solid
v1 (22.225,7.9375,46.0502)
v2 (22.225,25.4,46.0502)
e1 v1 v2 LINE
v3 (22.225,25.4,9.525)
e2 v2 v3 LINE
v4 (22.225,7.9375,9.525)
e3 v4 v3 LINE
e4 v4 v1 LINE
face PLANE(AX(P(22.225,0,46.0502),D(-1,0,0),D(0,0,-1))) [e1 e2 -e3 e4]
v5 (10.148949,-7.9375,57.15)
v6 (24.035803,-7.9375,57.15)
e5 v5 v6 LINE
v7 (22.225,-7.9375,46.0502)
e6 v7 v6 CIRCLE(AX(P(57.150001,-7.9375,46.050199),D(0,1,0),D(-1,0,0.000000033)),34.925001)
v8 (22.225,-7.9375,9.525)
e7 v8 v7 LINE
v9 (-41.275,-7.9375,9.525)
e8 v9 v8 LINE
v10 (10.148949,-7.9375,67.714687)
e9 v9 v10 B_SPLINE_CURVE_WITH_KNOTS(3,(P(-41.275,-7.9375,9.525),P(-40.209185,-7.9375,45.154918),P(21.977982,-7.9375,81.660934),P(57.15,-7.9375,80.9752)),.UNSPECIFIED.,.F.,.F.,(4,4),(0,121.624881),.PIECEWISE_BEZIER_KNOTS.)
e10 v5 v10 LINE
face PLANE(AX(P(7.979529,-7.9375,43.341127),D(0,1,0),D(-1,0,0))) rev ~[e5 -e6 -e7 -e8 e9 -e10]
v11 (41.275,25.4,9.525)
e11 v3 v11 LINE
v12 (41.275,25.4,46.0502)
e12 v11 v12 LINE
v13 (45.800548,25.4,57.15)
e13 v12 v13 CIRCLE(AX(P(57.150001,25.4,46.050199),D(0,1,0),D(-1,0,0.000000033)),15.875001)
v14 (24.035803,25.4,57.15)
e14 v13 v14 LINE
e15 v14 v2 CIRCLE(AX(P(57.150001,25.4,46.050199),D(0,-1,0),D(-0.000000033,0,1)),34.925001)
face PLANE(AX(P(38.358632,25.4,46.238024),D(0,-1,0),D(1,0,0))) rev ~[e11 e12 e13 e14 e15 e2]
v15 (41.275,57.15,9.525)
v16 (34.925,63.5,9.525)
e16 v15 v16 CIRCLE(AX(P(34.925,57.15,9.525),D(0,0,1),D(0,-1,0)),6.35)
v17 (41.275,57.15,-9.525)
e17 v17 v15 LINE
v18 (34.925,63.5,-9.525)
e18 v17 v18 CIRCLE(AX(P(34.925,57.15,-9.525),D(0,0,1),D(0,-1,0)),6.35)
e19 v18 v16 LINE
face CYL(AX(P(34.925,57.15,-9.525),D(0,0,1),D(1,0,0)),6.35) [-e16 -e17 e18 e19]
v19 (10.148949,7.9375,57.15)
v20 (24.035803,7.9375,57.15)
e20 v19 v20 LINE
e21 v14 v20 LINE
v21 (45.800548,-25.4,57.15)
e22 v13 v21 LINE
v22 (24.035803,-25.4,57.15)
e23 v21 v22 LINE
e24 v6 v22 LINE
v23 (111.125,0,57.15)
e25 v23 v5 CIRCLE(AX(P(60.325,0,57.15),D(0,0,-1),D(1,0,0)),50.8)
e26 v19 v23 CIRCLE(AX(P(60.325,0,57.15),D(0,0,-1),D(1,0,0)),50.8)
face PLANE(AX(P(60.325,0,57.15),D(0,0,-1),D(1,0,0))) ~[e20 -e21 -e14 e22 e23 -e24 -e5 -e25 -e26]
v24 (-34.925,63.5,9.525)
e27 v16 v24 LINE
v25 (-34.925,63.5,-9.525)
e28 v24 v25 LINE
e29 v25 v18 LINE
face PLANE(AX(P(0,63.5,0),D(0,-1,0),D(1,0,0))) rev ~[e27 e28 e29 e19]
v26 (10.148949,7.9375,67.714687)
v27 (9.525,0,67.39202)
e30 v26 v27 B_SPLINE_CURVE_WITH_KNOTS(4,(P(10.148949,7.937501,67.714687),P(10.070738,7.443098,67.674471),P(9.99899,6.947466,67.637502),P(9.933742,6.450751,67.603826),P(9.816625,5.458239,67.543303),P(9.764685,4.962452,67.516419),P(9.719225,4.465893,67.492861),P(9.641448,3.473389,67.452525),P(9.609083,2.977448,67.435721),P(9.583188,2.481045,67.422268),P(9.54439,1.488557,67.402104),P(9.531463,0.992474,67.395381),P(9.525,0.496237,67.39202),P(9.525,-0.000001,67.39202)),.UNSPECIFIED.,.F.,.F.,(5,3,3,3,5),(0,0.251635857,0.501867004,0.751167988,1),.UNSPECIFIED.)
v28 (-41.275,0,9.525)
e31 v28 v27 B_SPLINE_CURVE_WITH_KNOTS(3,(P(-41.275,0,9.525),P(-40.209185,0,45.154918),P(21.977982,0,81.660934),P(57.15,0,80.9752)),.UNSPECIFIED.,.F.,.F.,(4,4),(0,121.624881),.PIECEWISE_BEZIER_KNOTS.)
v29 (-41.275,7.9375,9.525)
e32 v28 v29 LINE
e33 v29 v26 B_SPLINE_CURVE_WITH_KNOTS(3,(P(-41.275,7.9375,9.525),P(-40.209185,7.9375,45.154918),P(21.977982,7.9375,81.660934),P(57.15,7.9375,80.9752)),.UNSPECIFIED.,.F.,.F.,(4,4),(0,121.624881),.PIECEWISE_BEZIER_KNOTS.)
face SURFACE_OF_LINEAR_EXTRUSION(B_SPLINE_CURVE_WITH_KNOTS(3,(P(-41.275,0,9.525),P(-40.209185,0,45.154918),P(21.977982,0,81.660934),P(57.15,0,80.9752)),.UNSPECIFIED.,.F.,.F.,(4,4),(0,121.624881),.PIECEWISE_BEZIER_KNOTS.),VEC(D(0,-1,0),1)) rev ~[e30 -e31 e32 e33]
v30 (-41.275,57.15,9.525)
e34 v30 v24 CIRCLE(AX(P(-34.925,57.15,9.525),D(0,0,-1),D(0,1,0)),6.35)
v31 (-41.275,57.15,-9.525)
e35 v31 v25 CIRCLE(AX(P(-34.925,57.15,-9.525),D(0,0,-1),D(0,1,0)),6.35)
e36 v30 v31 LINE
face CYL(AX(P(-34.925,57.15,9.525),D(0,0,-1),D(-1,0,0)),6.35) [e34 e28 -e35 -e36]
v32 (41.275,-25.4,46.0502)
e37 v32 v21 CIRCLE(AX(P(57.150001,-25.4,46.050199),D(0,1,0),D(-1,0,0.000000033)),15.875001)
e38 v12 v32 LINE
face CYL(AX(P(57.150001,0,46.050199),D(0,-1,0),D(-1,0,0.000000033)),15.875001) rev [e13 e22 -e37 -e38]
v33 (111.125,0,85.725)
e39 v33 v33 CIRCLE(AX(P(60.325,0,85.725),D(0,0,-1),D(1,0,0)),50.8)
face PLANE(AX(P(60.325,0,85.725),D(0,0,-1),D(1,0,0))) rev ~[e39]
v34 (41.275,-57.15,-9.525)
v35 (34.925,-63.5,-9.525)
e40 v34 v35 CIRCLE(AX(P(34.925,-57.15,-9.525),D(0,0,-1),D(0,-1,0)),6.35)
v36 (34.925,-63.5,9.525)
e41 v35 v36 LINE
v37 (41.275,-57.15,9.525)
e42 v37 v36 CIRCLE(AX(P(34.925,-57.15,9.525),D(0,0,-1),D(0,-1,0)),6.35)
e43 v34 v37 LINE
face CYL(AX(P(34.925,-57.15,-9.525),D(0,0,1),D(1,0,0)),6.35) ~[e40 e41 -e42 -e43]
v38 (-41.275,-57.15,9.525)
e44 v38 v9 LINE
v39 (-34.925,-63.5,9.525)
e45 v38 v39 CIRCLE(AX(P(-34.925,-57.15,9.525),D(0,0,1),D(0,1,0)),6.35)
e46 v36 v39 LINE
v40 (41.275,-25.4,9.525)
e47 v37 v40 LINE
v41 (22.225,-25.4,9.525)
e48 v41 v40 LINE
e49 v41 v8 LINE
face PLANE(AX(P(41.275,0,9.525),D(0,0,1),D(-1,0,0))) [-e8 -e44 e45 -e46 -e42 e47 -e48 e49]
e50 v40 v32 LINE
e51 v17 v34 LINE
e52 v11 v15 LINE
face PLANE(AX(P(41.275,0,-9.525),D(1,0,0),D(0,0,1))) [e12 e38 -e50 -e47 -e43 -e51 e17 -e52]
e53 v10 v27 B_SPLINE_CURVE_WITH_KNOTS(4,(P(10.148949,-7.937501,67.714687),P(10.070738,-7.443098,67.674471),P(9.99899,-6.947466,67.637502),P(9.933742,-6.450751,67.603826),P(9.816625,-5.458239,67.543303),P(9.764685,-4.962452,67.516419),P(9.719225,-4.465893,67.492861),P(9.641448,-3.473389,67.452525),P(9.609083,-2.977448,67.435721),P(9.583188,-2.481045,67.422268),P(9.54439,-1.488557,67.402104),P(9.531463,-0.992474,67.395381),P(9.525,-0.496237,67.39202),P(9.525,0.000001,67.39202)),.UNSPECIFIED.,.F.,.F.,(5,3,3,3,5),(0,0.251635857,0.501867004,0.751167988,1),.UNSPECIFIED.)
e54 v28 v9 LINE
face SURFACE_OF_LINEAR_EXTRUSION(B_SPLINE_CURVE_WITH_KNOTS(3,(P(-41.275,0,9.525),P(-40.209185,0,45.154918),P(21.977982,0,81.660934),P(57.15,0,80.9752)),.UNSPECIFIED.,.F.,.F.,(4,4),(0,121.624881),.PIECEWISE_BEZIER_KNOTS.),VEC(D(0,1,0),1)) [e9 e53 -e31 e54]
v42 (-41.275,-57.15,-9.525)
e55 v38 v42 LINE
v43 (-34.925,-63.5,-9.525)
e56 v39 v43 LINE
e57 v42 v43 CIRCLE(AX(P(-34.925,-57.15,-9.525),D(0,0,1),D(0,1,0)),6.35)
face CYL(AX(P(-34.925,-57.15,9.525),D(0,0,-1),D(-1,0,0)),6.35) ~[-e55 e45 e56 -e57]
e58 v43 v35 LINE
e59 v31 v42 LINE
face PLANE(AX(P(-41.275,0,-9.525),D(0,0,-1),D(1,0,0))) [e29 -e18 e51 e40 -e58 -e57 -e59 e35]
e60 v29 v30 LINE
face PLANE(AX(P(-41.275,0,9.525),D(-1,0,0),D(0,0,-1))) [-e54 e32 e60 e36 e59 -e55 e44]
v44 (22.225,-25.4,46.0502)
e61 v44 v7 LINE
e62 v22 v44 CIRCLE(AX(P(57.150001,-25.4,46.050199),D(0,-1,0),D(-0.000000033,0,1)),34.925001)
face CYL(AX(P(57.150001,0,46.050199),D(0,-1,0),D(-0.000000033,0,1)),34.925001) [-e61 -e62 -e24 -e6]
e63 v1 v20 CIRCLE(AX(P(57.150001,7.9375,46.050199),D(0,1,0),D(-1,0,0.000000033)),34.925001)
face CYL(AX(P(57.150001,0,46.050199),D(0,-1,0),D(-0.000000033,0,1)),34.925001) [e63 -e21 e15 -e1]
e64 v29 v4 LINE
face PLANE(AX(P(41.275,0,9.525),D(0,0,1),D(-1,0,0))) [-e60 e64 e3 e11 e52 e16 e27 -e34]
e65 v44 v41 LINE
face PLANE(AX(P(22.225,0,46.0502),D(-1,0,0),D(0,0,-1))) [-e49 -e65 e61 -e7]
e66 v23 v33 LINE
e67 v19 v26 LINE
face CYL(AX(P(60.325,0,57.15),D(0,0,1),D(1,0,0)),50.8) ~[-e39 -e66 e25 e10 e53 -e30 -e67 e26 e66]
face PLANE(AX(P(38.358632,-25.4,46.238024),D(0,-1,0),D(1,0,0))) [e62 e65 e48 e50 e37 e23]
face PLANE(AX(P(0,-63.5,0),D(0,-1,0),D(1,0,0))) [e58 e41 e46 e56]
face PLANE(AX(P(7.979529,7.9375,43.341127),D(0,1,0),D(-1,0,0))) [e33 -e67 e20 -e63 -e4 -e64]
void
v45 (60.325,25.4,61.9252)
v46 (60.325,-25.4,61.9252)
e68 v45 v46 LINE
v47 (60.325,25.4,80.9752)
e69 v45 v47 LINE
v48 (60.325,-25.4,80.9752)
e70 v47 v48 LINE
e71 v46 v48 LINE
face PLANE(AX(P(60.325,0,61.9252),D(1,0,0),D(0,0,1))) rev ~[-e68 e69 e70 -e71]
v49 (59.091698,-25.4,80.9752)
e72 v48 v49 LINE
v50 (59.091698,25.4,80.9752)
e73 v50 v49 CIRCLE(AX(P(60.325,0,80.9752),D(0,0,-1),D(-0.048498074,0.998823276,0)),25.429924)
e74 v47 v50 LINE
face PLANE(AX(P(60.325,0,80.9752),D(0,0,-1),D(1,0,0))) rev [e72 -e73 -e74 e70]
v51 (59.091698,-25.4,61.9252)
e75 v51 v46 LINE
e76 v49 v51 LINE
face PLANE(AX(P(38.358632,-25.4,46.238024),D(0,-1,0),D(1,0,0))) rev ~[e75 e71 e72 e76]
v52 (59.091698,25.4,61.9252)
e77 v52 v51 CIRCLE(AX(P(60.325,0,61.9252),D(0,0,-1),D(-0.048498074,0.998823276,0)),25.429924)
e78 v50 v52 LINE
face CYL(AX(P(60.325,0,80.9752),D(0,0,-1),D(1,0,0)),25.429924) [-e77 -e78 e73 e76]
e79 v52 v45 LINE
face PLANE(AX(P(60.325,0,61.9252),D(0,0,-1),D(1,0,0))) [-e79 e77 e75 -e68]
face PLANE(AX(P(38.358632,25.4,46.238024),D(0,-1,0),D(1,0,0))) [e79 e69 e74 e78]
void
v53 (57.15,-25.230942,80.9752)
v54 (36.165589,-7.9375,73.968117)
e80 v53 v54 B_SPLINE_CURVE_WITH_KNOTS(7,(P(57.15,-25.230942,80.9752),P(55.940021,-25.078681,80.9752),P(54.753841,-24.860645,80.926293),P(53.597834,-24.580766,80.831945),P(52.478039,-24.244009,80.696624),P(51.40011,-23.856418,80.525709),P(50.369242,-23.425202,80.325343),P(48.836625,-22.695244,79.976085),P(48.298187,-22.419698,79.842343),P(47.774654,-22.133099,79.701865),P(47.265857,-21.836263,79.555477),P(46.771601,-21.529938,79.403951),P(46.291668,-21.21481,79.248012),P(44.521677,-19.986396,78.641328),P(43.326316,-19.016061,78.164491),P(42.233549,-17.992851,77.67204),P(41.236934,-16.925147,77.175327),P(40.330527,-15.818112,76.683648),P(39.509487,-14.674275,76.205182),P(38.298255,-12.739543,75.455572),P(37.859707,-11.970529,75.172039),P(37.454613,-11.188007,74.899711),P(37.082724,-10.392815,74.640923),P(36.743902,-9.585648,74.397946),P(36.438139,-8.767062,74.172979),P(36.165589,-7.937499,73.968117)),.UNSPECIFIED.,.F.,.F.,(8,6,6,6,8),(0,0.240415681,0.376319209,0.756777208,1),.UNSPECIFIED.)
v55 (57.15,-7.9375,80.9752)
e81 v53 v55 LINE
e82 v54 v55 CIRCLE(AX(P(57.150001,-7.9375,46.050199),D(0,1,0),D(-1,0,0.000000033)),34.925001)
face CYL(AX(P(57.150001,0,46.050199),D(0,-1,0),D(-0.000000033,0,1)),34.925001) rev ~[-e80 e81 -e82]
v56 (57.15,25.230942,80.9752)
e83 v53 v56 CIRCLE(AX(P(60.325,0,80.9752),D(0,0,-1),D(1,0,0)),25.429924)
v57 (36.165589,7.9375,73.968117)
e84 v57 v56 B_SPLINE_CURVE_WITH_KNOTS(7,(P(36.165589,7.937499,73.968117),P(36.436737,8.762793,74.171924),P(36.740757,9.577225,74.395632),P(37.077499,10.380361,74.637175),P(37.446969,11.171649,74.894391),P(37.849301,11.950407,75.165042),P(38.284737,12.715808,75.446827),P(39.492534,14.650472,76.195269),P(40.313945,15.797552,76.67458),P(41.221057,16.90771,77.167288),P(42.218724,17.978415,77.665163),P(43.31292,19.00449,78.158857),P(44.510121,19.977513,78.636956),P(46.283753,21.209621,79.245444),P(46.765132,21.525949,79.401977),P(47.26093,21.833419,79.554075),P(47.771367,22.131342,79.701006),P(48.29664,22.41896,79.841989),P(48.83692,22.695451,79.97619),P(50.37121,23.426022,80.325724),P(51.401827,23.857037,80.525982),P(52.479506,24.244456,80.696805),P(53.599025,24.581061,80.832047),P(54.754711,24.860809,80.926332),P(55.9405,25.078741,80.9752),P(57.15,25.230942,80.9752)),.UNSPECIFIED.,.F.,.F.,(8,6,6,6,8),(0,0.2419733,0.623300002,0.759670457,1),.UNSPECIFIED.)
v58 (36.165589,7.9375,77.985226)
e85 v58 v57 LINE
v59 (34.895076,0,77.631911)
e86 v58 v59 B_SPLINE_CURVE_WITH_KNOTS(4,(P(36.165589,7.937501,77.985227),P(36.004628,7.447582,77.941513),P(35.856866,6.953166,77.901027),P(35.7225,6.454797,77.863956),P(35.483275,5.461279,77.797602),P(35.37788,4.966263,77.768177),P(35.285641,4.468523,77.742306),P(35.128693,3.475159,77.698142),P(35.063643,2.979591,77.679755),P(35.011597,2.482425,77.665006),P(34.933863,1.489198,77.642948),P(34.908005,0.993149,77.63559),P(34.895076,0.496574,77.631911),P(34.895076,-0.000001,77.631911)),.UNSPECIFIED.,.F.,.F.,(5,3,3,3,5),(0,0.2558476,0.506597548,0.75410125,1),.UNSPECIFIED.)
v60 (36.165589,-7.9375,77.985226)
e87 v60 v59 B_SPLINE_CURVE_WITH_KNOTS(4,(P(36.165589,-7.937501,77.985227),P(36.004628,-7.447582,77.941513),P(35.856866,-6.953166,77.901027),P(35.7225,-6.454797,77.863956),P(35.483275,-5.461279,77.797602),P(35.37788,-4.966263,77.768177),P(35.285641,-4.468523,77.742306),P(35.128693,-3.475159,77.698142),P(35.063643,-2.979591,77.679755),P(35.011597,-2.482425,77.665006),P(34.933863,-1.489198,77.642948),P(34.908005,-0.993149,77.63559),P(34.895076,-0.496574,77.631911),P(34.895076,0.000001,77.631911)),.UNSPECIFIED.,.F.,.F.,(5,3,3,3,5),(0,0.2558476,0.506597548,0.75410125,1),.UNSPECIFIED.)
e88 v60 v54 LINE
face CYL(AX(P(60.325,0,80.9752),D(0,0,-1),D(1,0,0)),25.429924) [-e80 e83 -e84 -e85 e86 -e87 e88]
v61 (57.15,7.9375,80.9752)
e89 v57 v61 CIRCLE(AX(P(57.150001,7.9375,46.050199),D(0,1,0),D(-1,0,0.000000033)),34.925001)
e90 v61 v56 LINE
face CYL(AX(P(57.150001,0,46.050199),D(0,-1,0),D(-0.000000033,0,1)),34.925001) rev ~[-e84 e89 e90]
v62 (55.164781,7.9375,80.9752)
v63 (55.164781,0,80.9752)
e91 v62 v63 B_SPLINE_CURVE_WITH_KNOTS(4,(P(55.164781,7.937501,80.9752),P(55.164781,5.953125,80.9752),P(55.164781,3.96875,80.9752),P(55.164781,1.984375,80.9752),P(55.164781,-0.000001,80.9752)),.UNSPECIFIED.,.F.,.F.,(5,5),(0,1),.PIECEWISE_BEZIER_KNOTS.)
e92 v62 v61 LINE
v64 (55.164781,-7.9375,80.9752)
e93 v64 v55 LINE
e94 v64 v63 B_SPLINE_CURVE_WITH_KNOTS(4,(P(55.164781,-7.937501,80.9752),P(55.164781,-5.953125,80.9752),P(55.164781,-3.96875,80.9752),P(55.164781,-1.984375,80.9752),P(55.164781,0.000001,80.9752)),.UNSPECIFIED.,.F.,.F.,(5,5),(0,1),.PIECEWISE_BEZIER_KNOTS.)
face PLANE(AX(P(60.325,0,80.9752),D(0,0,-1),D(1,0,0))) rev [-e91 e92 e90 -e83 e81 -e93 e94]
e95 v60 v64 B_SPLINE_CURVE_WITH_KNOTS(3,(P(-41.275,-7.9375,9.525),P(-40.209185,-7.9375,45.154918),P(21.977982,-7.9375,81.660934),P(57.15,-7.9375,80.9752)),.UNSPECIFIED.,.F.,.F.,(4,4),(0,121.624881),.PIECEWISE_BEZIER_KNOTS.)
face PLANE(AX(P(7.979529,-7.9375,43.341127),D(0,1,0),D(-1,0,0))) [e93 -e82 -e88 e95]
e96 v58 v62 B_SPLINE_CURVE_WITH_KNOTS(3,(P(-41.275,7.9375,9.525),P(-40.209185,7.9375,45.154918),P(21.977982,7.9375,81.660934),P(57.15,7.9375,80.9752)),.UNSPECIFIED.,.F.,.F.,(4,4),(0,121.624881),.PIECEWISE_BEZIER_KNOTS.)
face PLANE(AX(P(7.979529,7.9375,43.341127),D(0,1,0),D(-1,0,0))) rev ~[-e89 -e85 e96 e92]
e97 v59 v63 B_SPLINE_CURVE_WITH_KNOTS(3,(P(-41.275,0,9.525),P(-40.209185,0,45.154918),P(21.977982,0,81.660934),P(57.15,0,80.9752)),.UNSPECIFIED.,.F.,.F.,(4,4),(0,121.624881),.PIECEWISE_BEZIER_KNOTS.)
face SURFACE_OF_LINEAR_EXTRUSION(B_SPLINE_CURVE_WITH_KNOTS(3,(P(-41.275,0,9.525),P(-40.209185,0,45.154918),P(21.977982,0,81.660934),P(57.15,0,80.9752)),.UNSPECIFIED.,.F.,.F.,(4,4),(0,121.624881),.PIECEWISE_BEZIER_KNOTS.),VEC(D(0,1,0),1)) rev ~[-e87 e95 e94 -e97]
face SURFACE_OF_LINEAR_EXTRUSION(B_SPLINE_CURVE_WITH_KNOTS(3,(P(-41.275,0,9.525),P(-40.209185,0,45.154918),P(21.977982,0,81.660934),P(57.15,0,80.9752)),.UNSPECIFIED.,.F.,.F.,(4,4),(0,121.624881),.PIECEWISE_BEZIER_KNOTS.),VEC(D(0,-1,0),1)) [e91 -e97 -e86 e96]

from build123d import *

# Parameters (mm, degrees)
F1_DEPTH = 63.5
F2_DEPTH = 7.9375
F3_DEPTH = 25.4
F5_R     = 6.35


with BuildPart() as f1:
    # F0 (on Front) → F1 (new body, symmetric)
    with BuildSketch(Plane.XZ):
        Polygon((-41.275, 9.525), (-41.275, -9.525), (41.275, -9.525), (41.275, 9.525), (22.225, 9.525), align=None)
    extrude(amount=F1_DEPTH, both=True)

    # F0 (on Front) → F2 (join, symmetric)
    with BuildSketch(Plane.XZ):
        with BuildLine():
            add(Edge.make_bspline(
                [(-41.275, 9.525), (-40.209185, 45.154918), (21.977982, 81.660934), (57.15, 80.9752)],
                knots=[0, 0, 0, 0, 121.624881, 121.624881, 121.624881, 121.624881], degree=3))
            Line((-41.275, 9.525), (22.225, 9.525))
            Line((22.225, 9.525), (22.225, 46.0502))
            ThreePointArc((22.225, 46.0502), (32.454296, 70.745904), (57.15, 80.9752))
        make_face()
    extrude(amount=F2_DEPTH, both=True)

    # F0 (on Front) → F3 (join, symmetric)
    with BuildSketch(Plane.XZ):
        with BuildLine():
            Line((22.225, 9.525), (41.275, 9.525))
            Line((41.275, 9.525), (41.275, 46.0502))
            ThreePointArc((41.275, 46.0502), (45.92468, 57.27552), (57.15, 61.9252))
            Line((57.15, 61.9252), (60.325, 61.9252))
            Line((60.325, 61.9252), (60.325, 80.9752))
            Line((60.325, 80.9752), (57.15, 80.9752))
            ThreePointArc((57.15, 80.9752), (32.454296, 70.745904), (22.225, 46.0502))
            Line((22.225, 46.0502), (22.225, 9.525))
        make_face()
    extrude(amount=F3_DEPTH, both=True)

    # F0 (on Front) → F4 (revolve)
    with BuildSketch(Plane.XZ):
        Polygon((60.325, 85.725), (60.325, 80.9752), (85.754924, 80.9752), (85.754924, 61.9252), (60.325, 61.9252), (60.325, 57.15), (111.125, 57.15), (111.125, 85.725), align=None)
    revolve(axis=Axis((60.325, 0, 71.4375), (0, 0, -1)))

    # F5
    f5_edges = [f1.edges().sort_by_distance(p)[0] for p in [
        (41.275, -63.5, 0),
        (-41.275, -63.5, 0),
        (41.275, 63.5, 0),
        (-41.275, 63.5, 0),
    ]]
    fillet(f5_edges, radius=F5_R)


solid = f1.part
